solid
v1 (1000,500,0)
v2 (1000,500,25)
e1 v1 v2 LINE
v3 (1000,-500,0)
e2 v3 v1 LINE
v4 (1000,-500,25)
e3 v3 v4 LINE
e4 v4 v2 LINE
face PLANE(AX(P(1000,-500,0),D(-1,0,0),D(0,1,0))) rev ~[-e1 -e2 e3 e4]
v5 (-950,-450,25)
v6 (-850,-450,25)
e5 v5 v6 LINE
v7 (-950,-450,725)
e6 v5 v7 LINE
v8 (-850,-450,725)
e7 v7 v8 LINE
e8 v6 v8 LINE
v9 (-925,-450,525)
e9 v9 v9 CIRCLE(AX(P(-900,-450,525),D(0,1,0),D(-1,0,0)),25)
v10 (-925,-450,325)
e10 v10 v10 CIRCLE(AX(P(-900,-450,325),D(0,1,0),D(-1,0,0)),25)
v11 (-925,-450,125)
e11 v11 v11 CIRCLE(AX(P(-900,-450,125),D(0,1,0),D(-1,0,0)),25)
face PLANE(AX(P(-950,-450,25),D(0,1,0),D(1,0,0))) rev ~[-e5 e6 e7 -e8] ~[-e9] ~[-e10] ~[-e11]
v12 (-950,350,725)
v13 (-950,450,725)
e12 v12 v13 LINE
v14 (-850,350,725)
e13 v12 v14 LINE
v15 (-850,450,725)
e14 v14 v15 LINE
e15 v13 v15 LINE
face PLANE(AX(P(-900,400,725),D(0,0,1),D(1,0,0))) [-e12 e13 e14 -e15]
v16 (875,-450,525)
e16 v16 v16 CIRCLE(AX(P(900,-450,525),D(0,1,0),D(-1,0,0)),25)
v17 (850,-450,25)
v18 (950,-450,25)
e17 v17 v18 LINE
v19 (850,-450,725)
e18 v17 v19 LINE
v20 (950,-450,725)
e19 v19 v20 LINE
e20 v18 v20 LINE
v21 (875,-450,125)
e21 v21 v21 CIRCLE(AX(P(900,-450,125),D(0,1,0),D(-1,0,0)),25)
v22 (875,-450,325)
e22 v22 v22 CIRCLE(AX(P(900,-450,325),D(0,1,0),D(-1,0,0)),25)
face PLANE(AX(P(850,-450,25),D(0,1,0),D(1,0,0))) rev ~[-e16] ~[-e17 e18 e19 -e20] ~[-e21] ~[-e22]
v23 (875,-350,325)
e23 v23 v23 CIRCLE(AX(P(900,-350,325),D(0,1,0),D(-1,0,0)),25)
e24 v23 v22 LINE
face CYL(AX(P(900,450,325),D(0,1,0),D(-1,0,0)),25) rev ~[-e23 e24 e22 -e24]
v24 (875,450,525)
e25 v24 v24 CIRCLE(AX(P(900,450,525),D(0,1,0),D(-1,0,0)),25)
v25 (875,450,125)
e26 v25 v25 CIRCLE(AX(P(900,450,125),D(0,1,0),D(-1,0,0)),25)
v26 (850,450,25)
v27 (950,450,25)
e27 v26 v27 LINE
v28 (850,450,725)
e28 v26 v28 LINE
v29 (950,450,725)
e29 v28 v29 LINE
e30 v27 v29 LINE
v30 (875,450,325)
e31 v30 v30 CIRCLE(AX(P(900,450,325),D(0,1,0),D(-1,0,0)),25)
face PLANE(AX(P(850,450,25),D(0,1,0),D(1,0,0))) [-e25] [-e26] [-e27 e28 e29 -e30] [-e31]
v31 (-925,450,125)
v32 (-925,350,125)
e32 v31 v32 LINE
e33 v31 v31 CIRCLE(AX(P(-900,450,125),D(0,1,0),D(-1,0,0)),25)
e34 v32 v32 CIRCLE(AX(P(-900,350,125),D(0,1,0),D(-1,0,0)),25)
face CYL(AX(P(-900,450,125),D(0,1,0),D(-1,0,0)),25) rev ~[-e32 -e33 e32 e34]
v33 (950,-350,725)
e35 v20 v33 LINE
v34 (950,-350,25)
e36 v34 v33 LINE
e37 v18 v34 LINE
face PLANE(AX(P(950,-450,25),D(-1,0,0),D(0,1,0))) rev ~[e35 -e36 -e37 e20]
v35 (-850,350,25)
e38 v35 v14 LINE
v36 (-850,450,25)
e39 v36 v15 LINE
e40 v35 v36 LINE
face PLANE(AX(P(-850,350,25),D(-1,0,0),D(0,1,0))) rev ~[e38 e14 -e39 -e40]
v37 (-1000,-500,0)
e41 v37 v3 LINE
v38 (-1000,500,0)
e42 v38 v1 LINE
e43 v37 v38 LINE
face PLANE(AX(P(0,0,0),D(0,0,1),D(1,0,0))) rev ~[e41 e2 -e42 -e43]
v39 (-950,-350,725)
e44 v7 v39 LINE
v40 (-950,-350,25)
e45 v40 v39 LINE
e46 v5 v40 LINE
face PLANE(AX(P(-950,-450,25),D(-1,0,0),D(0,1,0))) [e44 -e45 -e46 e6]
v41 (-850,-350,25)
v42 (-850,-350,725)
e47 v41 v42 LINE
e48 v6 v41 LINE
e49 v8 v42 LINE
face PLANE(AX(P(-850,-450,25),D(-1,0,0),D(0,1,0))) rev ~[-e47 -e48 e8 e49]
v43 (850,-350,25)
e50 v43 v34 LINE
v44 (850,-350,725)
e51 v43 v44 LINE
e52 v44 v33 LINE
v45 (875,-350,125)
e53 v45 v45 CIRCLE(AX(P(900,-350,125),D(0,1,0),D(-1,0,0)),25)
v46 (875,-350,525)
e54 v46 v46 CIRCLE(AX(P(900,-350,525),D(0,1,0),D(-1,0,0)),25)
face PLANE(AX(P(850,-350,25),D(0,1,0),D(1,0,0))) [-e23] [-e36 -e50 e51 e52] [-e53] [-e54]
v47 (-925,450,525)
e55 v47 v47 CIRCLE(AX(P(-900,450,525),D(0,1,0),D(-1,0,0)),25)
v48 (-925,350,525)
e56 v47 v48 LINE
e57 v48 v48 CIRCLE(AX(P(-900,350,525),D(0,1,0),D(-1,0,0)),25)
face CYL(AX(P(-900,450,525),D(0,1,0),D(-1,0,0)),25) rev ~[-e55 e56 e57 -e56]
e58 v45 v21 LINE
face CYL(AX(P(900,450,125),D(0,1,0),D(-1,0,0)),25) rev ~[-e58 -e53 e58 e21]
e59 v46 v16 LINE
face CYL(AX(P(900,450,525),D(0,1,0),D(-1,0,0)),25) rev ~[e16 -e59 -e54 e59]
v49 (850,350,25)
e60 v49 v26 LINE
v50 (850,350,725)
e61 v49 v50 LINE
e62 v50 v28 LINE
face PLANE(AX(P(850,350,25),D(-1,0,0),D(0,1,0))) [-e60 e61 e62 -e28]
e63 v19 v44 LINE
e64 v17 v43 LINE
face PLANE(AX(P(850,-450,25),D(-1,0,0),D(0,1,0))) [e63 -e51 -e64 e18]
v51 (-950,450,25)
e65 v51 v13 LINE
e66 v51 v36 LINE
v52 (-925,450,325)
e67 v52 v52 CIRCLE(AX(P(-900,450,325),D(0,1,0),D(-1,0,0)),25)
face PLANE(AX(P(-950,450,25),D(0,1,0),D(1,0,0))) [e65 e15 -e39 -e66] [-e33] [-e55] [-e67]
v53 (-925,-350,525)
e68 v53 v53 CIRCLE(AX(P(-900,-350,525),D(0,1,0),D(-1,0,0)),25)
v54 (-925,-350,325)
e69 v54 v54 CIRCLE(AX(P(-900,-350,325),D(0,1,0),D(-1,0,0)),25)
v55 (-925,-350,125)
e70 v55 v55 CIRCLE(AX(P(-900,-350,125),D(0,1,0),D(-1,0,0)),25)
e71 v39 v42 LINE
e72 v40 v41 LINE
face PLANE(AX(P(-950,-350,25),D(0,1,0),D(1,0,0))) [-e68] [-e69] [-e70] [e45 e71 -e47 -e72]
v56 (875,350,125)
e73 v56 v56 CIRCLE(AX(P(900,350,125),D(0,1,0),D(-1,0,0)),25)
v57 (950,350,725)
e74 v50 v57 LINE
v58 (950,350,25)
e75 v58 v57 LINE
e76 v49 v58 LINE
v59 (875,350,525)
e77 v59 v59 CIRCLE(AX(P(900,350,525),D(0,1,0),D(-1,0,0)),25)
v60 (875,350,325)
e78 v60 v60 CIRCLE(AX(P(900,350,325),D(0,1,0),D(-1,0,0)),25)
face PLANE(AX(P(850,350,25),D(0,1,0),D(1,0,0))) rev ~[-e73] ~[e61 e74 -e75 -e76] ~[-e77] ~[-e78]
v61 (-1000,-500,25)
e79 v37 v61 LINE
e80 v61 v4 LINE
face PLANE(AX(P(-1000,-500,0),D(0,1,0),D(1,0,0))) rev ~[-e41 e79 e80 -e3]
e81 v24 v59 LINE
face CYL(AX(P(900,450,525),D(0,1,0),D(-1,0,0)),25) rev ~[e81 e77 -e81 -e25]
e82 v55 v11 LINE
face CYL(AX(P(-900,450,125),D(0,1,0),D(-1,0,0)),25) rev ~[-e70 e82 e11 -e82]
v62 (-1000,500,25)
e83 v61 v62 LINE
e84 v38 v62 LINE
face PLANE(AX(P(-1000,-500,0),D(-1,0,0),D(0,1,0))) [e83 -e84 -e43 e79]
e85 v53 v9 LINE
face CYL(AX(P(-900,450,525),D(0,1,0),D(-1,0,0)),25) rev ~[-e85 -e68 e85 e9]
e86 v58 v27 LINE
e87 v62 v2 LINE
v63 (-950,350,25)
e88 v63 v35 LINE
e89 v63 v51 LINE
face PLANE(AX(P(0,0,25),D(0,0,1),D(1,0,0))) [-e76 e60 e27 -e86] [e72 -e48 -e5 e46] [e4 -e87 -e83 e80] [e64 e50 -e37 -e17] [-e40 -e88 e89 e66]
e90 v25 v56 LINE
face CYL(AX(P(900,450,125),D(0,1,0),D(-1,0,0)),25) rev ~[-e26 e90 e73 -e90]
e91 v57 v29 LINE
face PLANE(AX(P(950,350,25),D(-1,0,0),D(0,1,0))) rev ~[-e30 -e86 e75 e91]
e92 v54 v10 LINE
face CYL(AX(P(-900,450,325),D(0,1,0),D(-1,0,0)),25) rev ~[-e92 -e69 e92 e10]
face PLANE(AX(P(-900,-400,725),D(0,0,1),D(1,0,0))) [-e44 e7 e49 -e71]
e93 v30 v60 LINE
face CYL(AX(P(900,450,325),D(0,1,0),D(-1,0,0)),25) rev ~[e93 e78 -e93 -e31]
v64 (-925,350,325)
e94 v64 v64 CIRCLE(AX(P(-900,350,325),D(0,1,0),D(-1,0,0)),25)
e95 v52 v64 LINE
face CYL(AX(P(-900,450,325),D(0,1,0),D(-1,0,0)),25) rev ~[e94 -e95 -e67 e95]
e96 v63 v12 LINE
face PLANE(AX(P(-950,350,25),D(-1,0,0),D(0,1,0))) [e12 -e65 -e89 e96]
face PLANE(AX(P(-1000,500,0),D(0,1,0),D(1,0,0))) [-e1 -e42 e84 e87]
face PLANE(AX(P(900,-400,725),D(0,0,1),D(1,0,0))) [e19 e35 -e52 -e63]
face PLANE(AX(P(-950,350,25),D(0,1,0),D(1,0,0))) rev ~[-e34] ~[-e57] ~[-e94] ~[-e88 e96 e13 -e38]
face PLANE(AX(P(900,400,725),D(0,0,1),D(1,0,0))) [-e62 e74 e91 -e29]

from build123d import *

# Parameters (mm, degrees)
F0_W     = 2000
F0_H     = 1000
F1_DEPTH = 25
F2_W     = 100
F2_H     = 100
F3_DEPTH = 700
F4_R     = 25
F5_DEPTH = 900


with BuildPart() as f1:
    # F0 (on Top) → F1 (new body)
    with BuildSketch(Plane.XY):
        Rectangle(F0_W, F0_H)
    extrude(amount=F1_DEPTH)

    # F2 (on face) → F3 (join)
    with BuildSketch(Plane.XY.offset(25)):
        with Locations((-900, -400)):
            Rectangle(F2_W, F2_H)
        with Locations((900, -400)):
            Rectangle(F2_W, F2_H)
        with Locations((900, 400)):
            Rectangle(F2_W, F2_H)
        with Locations((-900, 400)):
            Rectangle(F2_W, F2_H)
    extrude(amount=F3_DEPTH)

    # F4 (on face) → F5 (cut)
    with BuildSketch(Plane(origin=(0, 450, 0), x_dir=(-1, 0, 0), z_dir=(0, 1, 0))):
        with Locations((-900, 525)):
            Circle(F4_R)
        with Locations((-900, 325)):
            Circle(F4_R)
        with Locations((-900, 125)):
            Circle(F4_R)
        with Locations((900, 525)):
            Circle(F4_R)
        with Locations((900, 325)):
            Circle(F4_R)
        with Locations((900, 125)):
            Circle(F4_R)
    extrude(amount=-F5_DEPTH, mode=Mode.SUBTRACT)


solid = f1.part
